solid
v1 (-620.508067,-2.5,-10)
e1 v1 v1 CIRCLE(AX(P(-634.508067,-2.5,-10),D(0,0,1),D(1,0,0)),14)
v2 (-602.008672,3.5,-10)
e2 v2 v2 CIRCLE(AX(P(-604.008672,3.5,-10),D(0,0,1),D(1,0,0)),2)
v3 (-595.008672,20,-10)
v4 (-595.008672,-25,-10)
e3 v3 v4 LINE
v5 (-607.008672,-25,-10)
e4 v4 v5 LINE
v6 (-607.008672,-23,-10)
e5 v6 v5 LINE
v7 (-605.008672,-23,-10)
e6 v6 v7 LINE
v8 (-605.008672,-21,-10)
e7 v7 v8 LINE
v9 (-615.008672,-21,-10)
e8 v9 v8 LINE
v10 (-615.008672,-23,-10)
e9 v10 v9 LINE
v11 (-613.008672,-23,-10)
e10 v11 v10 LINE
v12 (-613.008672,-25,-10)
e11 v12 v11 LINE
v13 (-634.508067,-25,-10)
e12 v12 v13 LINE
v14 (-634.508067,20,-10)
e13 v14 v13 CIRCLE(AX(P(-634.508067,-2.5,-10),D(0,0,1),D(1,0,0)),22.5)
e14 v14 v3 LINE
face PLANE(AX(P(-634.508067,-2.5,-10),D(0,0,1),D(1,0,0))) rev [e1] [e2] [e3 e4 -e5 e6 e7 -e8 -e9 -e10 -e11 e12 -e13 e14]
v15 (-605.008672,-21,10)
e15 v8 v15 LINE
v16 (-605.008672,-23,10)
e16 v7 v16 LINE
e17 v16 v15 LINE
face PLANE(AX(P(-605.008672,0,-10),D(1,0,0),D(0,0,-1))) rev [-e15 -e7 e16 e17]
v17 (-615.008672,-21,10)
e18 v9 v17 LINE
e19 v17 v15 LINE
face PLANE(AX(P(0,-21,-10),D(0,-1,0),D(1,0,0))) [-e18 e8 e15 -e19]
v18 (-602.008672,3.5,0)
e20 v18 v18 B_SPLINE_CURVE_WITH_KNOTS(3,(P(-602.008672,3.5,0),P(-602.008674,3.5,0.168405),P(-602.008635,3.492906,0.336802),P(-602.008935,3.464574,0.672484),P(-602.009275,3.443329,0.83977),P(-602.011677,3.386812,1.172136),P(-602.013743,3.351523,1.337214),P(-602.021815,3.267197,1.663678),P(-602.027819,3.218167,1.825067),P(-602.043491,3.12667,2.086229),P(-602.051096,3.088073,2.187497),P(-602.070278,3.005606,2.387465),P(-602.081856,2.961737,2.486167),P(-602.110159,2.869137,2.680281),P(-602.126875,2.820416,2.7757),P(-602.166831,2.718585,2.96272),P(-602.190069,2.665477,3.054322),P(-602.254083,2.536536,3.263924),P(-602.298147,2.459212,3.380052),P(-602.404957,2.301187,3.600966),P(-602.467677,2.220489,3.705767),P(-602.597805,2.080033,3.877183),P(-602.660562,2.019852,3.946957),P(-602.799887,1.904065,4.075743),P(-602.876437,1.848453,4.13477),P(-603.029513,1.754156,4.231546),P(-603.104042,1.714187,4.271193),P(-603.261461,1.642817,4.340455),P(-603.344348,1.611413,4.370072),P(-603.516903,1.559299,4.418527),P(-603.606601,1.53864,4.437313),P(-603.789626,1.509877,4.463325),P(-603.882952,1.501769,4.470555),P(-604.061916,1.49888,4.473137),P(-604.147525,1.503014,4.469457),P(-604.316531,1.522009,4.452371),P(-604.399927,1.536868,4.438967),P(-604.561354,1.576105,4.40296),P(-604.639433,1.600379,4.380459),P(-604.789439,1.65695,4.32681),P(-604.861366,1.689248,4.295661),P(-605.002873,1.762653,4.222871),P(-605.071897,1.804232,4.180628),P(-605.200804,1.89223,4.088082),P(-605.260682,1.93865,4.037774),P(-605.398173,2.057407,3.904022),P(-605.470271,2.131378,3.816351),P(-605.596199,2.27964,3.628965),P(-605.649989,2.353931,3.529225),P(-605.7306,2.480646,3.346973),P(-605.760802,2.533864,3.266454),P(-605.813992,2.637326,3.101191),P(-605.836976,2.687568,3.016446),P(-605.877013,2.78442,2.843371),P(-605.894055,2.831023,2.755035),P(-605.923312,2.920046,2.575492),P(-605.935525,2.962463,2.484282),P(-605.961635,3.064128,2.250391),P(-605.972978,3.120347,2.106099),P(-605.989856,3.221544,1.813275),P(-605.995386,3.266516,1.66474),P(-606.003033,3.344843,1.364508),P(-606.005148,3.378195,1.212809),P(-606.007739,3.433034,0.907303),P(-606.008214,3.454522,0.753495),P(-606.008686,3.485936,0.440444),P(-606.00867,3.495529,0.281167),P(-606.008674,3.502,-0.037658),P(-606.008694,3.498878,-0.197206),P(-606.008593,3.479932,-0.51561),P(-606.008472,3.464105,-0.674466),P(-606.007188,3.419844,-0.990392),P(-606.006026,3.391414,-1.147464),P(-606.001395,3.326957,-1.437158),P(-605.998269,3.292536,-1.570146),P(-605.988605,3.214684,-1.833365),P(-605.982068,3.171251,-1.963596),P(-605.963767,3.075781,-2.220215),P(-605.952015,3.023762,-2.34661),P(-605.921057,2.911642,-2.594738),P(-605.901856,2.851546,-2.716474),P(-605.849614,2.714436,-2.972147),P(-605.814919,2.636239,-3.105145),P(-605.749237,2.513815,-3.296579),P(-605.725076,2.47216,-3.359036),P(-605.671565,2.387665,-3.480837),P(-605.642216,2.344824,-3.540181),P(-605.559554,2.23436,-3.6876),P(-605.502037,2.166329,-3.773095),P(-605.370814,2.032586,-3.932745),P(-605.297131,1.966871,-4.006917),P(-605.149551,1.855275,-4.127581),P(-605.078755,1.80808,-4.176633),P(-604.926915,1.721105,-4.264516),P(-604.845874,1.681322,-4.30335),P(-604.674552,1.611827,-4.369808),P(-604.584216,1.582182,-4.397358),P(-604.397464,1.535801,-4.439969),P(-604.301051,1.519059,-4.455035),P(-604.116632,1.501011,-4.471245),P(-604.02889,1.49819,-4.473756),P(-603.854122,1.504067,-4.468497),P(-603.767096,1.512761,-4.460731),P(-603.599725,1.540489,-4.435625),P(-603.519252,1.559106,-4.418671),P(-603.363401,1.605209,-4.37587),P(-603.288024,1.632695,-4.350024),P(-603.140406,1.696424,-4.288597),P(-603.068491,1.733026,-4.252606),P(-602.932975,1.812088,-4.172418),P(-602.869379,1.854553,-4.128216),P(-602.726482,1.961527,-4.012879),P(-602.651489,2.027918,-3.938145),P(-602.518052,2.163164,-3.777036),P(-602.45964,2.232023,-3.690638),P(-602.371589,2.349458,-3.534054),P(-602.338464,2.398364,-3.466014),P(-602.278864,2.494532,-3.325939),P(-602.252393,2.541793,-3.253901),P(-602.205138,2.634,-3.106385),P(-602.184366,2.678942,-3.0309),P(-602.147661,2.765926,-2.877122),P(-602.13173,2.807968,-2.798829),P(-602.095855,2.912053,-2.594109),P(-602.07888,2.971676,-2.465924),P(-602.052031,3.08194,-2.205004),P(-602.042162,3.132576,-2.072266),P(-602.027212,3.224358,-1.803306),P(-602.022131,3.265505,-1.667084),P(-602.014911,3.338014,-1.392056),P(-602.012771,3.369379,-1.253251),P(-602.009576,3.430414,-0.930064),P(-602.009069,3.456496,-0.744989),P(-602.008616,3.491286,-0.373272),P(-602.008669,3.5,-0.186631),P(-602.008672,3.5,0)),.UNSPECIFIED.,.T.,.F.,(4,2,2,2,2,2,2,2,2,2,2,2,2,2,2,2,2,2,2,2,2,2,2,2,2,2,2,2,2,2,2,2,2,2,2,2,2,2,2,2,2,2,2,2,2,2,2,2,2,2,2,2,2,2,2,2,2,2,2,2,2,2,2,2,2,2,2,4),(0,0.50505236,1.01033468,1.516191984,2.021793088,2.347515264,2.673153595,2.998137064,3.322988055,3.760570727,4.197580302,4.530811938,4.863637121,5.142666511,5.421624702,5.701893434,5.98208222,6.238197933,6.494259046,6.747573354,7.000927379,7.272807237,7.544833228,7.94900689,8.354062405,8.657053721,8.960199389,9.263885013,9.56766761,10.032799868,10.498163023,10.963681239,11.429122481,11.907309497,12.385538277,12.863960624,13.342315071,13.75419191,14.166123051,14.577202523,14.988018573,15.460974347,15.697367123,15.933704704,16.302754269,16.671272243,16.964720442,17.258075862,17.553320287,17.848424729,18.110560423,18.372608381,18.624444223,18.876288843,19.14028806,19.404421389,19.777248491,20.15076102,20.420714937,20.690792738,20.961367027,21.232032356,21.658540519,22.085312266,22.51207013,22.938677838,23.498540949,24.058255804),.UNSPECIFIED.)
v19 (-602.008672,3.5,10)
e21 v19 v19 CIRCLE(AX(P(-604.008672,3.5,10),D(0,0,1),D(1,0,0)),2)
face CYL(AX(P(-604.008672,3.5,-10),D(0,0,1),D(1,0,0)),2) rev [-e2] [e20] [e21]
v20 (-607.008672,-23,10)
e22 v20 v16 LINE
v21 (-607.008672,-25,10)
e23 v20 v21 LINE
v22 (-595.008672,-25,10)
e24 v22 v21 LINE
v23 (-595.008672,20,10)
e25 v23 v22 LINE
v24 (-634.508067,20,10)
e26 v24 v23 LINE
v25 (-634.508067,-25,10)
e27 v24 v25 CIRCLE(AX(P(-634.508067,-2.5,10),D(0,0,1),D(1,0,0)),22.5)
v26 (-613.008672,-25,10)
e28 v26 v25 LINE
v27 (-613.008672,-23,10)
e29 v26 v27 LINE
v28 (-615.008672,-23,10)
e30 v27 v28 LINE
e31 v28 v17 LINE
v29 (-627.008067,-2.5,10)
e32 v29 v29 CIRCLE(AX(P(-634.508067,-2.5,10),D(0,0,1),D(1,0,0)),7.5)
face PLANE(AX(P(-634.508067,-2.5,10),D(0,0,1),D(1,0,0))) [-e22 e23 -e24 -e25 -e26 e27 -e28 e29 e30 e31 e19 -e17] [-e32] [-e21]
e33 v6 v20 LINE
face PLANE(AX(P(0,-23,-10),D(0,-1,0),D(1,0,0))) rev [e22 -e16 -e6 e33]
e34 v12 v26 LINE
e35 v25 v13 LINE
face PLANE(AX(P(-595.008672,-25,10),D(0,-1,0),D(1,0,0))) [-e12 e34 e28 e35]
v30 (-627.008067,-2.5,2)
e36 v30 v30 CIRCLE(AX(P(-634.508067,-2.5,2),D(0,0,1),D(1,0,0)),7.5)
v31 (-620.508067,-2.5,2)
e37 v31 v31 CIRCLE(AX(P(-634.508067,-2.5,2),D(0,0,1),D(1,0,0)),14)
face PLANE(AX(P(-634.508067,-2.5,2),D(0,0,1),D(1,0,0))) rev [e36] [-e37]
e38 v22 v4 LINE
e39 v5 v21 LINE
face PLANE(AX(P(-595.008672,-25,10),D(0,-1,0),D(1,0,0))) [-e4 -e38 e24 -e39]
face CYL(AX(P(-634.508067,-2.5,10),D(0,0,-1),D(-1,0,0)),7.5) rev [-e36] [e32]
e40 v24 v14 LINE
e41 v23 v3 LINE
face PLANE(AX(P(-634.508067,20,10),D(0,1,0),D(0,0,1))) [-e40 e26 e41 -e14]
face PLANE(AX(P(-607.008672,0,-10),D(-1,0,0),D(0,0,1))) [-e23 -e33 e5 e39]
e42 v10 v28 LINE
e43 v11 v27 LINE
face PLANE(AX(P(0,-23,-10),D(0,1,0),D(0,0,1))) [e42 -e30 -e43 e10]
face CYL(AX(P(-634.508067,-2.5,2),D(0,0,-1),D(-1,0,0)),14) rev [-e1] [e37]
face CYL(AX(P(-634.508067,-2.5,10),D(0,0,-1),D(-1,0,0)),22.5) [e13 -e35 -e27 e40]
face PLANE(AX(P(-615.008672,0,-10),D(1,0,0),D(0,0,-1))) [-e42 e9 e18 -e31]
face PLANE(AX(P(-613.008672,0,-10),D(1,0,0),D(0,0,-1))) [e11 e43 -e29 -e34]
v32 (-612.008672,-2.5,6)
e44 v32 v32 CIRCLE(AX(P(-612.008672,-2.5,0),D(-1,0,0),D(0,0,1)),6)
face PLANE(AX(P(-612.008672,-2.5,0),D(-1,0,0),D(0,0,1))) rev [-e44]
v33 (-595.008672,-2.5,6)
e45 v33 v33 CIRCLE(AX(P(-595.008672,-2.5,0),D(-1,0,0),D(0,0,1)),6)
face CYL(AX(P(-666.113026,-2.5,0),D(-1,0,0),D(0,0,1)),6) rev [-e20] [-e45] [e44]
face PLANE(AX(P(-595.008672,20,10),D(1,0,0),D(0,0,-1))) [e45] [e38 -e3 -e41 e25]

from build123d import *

# Parameters (mm, degrees)
ESQUISSE1_R                  = 7.5
BOSS_EXTRU_1_DEPTH           = 10
ESQUISSE1_3_W                = 17
ESQUISSE1_3_H                = 6
ENL_V_MAT_EXTRU_1_DEPTH      = 2
ENL_V_MAT_EXTRU_1_DEPTH_BACK = 10
ESQUISSE1_5_R                = 14
ENL_V_MAT_EXTRU_2_DEPTH      = 658.559578744
ENL_V_MAT_EXTRU_2_DEPTH_BACK = 658.559578744
ESQUISSE1_6_R                = 2
ENL_V_MAT_EXTRU_3_DEPTH      = 658.559578745
ENL_V_MAT_EXTRU_3_DEPTH_BACK = 658.559578745


with BuildPart() as part:
    # Esquisse1 → Boss.-Extru.1 (new, symmetric)
    with BuildSketch(Plane.XY):
        with BuildLine():
            Line((-634.508066615, 20), (-595.008671928, 20))
            Line((-595.008671928, 20), (-595.008671928, -25))
            Line((-595.008671928, -25), (-634.508066615, -25))
            ThreePointArc((-634.508066615, -25), (-657.008066615, -2.5), (-634.508066615, 20))
        make_face()
        with Locations((-634.508066615, -2.5)):
            Circle(ESQUISSE1_R, mode=Mode.SUBTRACT)
    extrude(amount=BOSS_EXTRU_1_DEPTH, both=True)

    # Esquisse1<3> → Enlèvement de matière-Révolution1 (revolve, cut)
    with BuildSketch(Plane.XY):
        with Locations((-603.508671928, 0.5)):
            Rectangle(ESQUISSE1_3_W, ESQUISSE1_3_H)
    revolve(axis=Axis((-666.113025571, -2.5, 0), (1, 0, 0)), mode=Mode.SUBTRACT)

    # Esquisse1<5> → Enlèv. mat.-Extru.1 (cut, two sides: drawn at the far end of the back side and taken through both)
    with BuildSketch(Plane.XY.offset(-ENL_V_MAT_EXTRU_1_DEPTH_BACK)):
        with Locations((-634.508066615, -2.5)):
            Circle(ESQUISSE1_5_R)
    extrude(amount=ENL_V_MAT_EXTRU_1_DEPTH + ENL_V_MAT_EXTRU_1_DEPTH_BACK, mode=Mode.SUBTRACT)

    # Esquisse1<6> → Enlèv. mat.-Extru.2 (cut, two sides: drawn at the far end of the back side and taken through both)
    with BuildSketch(Plane.XY.offset(-ENL_V_MAT_EXTRU_2_DEPTH_BACK)):
        with Locations((-604.008671928, 3.5)):
            Circle(ESQUISSE1_6_R)
    extrude(amount=ENL_V_MAT_EXTRU_2_DEPTH + ENL_V_MAT_EXTRU_2_DEPTH_BACK, mode=Mode.SUBTRACT)

    # Esquisse1<8> → Enlèv. mat.-Extru.3 (cut, two sides: drawn at the far end of the back side and taken through both)
    with BuildSketch(Plane.XY.offset(-ENL_V_MAT_EXTRU_3_DEPTH_BACK)):
        Polygon((-613.008671928, -23), (-613.008671928, -25), (-607.008671928, -25), (-607.008671928, -23), (-605.008671928, -23), (-605.008671928, -21), (-615.008671928, -21), (-615.008671928, -23), align=None)
    extrude(amount=ENL_V_MAT_EXTRU_3_DEPTH + ENL_V_MAT_EXTRU_3_DEPTH_BACK, mode=Mode.SUBTRACT)


solid = part.part
